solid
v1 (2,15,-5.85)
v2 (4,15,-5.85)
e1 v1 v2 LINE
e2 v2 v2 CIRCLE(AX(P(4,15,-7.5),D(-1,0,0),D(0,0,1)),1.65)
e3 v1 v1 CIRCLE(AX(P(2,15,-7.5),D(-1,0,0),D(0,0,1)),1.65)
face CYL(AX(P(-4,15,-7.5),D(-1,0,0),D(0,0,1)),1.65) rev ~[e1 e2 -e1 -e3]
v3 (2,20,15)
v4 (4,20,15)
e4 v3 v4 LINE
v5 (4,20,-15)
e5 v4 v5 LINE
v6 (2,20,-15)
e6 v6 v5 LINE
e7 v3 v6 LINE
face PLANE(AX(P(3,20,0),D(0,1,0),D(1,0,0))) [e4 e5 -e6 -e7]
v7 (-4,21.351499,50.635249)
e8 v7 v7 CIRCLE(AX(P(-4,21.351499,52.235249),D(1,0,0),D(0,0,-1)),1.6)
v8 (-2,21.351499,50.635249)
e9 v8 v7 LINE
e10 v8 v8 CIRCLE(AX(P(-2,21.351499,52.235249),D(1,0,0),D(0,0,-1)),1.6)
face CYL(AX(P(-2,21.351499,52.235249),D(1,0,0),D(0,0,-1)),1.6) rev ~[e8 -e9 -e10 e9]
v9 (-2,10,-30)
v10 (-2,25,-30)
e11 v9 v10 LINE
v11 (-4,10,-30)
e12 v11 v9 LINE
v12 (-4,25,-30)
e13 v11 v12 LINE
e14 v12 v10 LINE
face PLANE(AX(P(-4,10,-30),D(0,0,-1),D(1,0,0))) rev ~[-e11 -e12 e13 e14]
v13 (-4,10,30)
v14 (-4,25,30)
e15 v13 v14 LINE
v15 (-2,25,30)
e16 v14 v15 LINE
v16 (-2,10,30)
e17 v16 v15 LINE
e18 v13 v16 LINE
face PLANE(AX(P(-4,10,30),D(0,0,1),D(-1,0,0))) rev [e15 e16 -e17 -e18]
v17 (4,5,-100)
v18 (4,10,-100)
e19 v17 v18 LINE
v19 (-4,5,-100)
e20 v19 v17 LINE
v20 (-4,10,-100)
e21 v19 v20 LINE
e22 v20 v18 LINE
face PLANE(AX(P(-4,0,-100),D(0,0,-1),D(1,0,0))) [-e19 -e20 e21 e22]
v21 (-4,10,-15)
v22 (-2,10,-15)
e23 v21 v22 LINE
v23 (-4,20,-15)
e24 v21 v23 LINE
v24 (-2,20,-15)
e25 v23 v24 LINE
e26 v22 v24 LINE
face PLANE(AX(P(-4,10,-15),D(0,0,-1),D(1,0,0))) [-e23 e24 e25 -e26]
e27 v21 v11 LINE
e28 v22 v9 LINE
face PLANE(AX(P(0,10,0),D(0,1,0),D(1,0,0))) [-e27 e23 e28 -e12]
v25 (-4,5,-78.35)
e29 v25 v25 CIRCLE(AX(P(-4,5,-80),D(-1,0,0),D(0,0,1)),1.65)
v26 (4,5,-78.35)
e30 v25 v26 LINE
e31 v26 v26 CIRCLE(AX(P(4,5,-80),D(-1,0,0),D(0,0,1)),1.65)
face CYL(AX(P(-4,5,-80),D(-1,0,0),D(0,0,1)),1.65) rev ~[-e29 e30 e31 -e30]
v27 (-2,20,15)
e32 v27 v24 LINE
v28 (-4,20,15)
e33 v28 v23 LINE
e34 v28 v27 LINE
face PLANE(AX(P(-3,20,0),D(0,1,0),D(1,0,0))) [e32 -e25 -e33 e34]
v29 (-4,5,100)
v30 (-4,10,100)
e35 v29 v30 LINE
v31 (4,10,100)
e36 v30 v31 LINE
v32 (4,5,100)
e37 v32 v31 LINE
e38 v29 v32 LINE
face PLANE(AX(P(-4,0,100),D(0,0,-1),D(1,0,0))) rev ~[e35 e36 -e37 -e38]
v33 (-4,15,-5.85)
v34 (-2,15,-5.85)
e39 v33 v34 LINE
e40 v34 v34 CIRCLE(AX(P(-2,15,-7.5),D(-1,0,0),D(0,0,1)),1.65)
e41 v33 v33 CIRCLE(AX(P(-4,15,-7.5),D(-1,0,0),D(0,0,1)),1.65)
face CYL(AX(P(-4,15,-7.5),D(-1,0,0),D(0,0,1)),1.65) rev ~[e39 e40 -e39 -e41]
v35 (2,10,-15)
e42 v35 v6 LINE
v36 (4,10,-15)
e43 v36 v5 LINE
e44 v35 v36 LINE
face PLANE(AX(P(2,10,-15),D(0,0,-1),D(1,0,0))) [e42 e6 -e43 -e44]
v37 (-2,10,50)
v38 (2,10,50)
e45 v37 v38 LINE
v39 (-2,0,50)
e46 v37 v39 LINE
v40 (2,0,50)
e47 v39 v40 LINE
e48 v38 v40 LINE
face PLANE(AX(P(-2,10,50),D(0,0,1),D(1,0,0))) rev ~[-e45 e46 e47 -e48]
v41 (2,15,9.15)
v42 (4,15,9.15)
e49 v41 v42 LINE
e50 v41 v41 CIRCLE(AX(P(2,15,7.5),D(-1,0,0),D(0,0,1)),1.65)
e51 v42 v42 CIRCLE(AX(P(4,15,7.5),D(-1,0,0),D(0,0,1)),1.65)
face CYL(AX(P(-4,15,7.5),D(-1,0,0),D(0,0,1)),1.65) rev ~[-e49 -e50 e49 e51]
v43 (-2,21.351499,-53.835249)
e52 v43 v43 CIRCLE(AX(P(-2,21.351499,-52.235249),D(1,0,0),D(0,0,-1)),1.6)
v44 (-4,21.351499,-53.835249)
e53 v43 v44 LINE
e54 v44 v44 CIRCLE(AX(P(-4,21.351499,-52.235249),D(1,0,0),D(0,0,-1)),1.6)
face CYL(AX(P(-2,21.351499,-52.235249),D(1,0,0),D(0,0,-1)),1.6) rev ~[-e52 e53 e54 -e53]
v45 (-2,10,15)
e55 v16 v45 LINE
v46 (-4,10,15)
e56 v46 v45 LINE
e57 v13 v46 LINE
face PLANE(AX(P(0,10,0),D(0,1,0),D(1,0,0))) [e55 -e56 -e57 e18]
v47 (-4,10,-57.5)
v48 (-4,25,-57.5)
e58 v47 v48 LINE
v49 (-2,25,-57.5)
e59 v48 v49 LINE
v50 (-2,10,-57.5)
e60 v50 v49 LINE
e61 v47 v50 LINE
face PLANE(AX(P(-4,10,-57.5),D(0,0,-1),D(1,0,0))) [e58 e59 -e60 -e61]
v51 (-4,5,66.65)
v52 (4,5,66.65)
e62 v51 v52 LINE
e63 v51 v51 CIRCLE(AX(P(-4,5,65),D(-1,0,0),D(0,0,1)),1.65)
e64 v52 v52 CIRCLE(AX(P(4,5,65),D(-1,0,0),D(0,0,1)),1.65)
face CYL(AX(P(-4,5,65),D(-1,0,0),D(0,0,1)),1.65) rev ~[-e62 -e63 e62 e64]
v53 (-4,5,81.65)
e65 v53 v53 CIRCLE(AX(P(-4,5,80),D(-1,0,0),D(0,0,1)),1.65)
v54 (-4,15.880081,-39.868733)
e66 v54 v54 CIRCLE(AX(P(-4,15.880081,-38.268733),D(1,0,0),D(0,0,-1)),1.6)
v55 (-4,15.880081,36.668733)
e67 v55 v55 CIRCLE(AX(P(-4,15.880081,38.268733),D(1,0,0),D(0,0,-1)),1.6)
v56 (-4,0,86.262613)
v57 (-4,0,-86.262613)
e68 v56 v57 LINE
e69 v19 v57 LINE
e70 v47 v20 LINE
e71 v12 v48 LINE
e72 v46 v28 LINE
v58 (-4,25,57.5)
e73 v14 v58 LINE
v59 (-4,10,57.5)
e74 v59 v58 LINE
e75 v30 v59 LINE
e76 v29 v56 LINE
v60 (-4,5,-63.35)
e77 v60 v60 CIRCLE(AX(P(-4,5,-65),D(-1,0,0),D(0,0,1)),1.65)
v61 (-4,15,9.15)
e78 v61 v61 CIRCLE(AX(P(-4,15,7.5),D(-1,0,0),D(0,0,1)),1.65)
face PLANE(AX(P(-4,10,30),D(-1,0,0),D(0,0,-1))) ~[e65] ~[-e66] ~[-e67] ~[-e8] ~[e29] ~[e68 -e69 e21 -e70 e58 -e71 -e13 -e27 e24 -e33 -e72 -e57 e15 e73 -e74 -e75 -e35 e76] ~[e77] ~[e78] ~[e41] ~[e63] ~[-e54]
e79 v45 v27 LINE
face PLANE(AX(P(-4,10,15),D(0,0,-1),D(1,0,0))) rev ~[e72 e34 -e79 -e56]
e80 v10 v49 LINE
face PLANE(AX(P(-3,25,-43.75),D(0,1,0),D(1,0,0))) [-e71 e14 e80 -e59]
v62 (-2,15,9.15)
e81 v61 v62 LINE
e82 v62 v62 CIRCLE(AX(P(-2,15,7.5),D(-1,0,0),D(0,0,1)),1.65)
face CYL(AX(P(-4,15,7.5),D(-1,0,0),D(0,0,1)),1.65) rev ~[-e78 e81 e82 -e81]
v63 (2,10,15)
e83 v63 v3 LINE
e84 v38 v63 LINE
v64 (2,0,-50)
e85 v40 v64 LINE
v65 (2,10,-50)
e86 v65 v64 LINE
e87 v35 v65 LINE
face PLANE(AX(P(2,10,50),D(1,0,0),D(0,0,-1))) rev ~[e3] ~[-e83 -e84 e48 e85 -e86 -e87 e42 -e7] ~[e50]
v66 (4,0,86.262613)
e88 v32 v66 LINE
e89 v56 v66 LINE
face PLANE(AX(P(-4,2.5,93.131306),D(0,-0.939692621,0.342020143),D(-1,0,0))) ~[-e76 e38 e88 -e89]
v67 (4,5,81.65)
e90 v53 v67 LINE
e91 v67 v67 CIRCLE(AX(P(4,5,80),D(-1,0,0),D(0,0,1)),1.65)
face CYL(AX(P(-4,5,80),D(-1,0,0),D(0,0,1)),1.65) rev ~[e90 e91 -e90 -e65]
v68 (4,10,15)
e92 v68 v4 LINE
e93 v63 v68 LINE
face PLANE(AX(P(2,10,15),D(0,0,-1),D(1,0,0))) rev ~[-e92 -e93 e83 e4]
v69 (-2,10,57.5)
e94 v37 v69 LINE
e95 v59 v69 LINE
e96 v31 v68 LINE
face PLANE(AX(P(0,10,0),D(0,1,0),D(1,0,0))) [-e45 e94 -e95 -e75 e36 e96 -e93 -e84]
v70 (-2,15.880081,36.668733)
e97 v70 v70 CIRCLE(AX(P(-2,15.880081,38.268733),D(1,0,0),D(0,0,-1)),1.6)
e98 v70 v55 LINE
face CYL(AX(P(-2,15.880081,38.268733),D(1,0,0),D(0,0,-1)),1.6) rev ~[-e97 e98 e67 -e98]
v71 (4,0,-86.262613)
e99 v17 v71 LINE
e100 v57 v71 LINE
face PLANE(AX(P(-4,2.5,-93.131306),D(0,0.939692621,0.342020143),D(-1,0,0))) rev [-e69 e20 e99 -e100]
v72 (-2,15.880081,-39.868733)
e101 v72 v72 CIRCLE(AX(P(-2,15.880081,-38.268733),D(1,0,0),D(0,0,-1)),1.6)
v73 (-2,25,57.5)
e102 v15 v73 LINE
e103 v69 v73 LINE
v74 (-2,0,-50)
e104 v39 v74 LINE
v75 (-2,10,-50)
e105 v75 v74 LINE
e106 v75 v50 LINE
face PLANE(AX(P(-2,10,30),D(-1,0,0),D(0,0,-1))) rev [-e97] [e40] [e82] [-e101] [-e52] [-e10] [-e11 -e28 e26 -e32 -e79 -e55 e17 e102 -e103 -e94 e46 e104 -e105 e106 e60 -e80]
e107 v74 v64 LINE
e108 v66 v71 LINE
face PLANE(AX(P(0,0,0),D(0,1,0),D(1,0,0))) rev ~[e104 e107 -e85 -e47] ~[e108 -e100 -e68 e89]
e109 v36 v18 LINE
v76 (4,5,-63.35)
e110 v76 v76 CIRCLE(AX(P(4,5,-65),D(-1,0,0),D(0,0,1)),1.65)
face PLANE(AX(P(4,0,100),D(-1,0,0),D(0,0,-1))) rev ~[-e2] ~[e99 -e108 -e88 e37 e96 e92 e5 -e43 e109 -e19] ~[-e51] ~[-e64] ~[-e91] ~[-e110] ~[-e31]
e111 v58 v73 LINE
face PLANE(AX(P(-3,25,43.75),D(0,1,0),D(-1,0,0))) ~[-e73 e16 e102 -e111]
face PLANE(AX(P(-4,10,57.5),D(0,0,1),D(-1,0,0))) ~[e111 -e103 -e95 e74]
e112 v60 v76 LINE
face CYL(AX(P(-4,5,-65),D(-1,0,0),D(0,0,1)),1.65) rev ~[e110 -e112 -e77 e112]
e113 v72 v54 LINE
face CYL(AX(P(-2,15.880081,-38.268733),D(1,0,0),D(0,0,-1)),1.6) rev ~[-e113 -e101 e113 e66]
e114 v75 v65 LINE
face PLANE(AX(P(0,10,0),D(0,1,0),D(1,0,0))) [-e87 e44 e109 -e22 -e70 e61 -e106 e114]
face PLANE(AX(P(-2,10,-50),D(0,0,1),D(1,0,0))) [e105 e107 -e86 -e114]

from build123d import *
from OCP.BRepFilletAPI import BRepFilletAPI_MakeChamfer

# Parameters (mm, degrees)
SKETCH_2_W          = 8
SKETCH_2_H          = 200
EXTRUDE_1_DEPTH     = 10
SKETCH_3_W          = 2
SKETCH_3_H          = 30
EXTRUDE_2_DEPTH     = 10
SKETCH_4_R          = 1.65
CUT_EXTRUDE_1_DEPTH = 20
SKETCH_5_W          = 4
SKETCH_5_H          = 100
CUT_EXTRUDE_2_DEPTH = 20
CHAMFER_1_SIZE      = 5
CHAMFER_1_SIZE2     = 13.737387097
SKETCH_6_W          = 2
SKETCH_6_H          = 27.5
EXTRUDE_3_DEPTH     = 15
SKETCH_7_R          = 1.65
CUT_EXTRUDE_3_DEPTH = 10
SKETCH_8_R          = 1.6
CUT_EXTRUDE_4_DEPTH = 10


with BuildPart() as part:
    # 草图2 → 凸台-拉伸1 (new body)
    with BuildSketch(Plane(origin=(0, 0, 0), x_dir=(1, 0, 0), z_dir=(0, 1, 0))):
        Rectangle(SKETCH_2_W, SKETCH_2_H)
    extrude(amount=EXTRUDE_1_DEPTH)

    # 草图3 → 凸台-拉伸2 (add)
    with BuildSketch(Plane(origin=(0, 10, 0), x_dir=(1, 0, 0), z_dir=(0, 1, 0))):
        with Locations((-3, 0)):
            Rectangle(SKETCH_3_W, SKETCH_3_H)
        with Locations((3, 0)):
            Rectangle(SKETCH_3_W, SKETCH_3_H)
    extrude(amount=EXTRUDE_2_DEPTH)

    # 草图4 → 切除-拉伸1 (cut)
    with BuildSketch(Plane.ZY.offset(4)):
        with Locations((-7.5, 15)):
            Circle(SKETCH_4_R)
        with Locations((7.5, 15)):
            Circle(SKETCH_4_R)
    extrude(amount=-CUT_EXTRUDE_1_DEPTH, mode=Mode.SUBTRACT)

    # 草图5 → 切除-拉伸2 (cut)
    with BuildSketch(Plane(origin=(0, 10, 0), x_dir=(1, 0, 0), z_dir=(0, 1, 0))):
        Rectangle(SKETCH_5_W, SKETCH_5_H)
    extrude(amount=-CUT_EXTRUDE_2_DEPTH, mode=Mode.SUBTRACT)

    # 倒角1: one chamfer whose edges measure the first distance from different faces: ONE call of the kernel's chamfer builder (chamfer() names one face for all edges)
    chamfer_1_edges_1 = [part.edges().sort_by_distance(p)[0] for p in [
        (0, 0, 100),
    ]]
    chamfer_1_side_1 = [part.faces().sort_by_distance(p)[0] for p in [
        (0, 5, 100),
    ]]
    chamfer_1_edges_2 = [part.edges().sort_by_distance(p)[0] for p in [
        (0, 0, -100),
    ]]
    chamfer_1_side_2 = [part.faces().sort_by_distance(p)[0] for p in [
        (0, 5, -100),
    ]]
    chamfer_1 = BRepFilletAPI_MakeChamfer(part.part.solid().wrapped)
    for e in chamfer_1_edges_1:
        chamfer_1.Add(CHAMFER_1_SIZE, CHAMFER_1_SIZE2, e.wrapped, chamfer_1_side_1[0].wrapped)  # the first distance lies on this face
    for e in chamfer_1_edges_2:
        chamfer_1.Add(CHAMFER_1_SIZE, CHAMFER_1_SIZE2, e.wrapped, chamfer_1_side_2[0].wrapped)  # the first distance lies on this face
    add(Compound.cast(chamfer_1.Shape()), mode=Mode.REPLACE)

    # 草图6 → 凸台-拉伸3 (add)
    with BuildSketch(Plane(origin=(0, 10, 0), x_dir=(1, 0, 0), z_dir=(0, 1, 0))):
        with Locations((-3, 43.75)):
            Rectangle(SKETCH_6_W, SKETCH_6_H)
    extrude_3 = extrude(amount=EXTRUDE_3_DEPTH)

    # 镜向2: 凸台-拉伸3 across plane
    add(extrude_3.mirror(Plane.XY))

    # 草图7 → 切除-拉伸3 (cut)
    with BuildSketch(Plane.ZY.offset(4)):
        with Locations((80, 5)):
            Circle(SKETCH_7_R)
        with Locations((65, 5)):
            Circle(SKETCH_7_R)
        with Locations((-65, 5)):
            Circle(SKETCH_7_R)
        with Locations((-80, 5)):
            Circle(SKETCH_7_R)
    extrude(amount=-CUT_EXTRUDE_3_DEPTH, mode=Mode.SUBTRACT)

    # 草图8 → 切除-拉伸4 (cut)
    with BuildSketch(Plane(origin=(-2, 0, 0), x_dir=(0, 0, -1), z_dir=(1, 0, 0))):
        with Locations((-52.235249282, 21.351499314)):
            Circle(SKETCH_8_R)
        with Locations((-38.268733006, 15.880080566)):
            Circle(SKETCH_8_R)
        with Locations((38.268733006, 15.880080566)):
            Circle(SKETCH_8_R)
        with Locations((52.235249282, 21.351499314)):
            Circle(SKETCH_8_R)
    extrude(amount=-CUT_EXTRUDE_4_DEPTH, mode=Mode.SUBTRACT)


solid = part.part
